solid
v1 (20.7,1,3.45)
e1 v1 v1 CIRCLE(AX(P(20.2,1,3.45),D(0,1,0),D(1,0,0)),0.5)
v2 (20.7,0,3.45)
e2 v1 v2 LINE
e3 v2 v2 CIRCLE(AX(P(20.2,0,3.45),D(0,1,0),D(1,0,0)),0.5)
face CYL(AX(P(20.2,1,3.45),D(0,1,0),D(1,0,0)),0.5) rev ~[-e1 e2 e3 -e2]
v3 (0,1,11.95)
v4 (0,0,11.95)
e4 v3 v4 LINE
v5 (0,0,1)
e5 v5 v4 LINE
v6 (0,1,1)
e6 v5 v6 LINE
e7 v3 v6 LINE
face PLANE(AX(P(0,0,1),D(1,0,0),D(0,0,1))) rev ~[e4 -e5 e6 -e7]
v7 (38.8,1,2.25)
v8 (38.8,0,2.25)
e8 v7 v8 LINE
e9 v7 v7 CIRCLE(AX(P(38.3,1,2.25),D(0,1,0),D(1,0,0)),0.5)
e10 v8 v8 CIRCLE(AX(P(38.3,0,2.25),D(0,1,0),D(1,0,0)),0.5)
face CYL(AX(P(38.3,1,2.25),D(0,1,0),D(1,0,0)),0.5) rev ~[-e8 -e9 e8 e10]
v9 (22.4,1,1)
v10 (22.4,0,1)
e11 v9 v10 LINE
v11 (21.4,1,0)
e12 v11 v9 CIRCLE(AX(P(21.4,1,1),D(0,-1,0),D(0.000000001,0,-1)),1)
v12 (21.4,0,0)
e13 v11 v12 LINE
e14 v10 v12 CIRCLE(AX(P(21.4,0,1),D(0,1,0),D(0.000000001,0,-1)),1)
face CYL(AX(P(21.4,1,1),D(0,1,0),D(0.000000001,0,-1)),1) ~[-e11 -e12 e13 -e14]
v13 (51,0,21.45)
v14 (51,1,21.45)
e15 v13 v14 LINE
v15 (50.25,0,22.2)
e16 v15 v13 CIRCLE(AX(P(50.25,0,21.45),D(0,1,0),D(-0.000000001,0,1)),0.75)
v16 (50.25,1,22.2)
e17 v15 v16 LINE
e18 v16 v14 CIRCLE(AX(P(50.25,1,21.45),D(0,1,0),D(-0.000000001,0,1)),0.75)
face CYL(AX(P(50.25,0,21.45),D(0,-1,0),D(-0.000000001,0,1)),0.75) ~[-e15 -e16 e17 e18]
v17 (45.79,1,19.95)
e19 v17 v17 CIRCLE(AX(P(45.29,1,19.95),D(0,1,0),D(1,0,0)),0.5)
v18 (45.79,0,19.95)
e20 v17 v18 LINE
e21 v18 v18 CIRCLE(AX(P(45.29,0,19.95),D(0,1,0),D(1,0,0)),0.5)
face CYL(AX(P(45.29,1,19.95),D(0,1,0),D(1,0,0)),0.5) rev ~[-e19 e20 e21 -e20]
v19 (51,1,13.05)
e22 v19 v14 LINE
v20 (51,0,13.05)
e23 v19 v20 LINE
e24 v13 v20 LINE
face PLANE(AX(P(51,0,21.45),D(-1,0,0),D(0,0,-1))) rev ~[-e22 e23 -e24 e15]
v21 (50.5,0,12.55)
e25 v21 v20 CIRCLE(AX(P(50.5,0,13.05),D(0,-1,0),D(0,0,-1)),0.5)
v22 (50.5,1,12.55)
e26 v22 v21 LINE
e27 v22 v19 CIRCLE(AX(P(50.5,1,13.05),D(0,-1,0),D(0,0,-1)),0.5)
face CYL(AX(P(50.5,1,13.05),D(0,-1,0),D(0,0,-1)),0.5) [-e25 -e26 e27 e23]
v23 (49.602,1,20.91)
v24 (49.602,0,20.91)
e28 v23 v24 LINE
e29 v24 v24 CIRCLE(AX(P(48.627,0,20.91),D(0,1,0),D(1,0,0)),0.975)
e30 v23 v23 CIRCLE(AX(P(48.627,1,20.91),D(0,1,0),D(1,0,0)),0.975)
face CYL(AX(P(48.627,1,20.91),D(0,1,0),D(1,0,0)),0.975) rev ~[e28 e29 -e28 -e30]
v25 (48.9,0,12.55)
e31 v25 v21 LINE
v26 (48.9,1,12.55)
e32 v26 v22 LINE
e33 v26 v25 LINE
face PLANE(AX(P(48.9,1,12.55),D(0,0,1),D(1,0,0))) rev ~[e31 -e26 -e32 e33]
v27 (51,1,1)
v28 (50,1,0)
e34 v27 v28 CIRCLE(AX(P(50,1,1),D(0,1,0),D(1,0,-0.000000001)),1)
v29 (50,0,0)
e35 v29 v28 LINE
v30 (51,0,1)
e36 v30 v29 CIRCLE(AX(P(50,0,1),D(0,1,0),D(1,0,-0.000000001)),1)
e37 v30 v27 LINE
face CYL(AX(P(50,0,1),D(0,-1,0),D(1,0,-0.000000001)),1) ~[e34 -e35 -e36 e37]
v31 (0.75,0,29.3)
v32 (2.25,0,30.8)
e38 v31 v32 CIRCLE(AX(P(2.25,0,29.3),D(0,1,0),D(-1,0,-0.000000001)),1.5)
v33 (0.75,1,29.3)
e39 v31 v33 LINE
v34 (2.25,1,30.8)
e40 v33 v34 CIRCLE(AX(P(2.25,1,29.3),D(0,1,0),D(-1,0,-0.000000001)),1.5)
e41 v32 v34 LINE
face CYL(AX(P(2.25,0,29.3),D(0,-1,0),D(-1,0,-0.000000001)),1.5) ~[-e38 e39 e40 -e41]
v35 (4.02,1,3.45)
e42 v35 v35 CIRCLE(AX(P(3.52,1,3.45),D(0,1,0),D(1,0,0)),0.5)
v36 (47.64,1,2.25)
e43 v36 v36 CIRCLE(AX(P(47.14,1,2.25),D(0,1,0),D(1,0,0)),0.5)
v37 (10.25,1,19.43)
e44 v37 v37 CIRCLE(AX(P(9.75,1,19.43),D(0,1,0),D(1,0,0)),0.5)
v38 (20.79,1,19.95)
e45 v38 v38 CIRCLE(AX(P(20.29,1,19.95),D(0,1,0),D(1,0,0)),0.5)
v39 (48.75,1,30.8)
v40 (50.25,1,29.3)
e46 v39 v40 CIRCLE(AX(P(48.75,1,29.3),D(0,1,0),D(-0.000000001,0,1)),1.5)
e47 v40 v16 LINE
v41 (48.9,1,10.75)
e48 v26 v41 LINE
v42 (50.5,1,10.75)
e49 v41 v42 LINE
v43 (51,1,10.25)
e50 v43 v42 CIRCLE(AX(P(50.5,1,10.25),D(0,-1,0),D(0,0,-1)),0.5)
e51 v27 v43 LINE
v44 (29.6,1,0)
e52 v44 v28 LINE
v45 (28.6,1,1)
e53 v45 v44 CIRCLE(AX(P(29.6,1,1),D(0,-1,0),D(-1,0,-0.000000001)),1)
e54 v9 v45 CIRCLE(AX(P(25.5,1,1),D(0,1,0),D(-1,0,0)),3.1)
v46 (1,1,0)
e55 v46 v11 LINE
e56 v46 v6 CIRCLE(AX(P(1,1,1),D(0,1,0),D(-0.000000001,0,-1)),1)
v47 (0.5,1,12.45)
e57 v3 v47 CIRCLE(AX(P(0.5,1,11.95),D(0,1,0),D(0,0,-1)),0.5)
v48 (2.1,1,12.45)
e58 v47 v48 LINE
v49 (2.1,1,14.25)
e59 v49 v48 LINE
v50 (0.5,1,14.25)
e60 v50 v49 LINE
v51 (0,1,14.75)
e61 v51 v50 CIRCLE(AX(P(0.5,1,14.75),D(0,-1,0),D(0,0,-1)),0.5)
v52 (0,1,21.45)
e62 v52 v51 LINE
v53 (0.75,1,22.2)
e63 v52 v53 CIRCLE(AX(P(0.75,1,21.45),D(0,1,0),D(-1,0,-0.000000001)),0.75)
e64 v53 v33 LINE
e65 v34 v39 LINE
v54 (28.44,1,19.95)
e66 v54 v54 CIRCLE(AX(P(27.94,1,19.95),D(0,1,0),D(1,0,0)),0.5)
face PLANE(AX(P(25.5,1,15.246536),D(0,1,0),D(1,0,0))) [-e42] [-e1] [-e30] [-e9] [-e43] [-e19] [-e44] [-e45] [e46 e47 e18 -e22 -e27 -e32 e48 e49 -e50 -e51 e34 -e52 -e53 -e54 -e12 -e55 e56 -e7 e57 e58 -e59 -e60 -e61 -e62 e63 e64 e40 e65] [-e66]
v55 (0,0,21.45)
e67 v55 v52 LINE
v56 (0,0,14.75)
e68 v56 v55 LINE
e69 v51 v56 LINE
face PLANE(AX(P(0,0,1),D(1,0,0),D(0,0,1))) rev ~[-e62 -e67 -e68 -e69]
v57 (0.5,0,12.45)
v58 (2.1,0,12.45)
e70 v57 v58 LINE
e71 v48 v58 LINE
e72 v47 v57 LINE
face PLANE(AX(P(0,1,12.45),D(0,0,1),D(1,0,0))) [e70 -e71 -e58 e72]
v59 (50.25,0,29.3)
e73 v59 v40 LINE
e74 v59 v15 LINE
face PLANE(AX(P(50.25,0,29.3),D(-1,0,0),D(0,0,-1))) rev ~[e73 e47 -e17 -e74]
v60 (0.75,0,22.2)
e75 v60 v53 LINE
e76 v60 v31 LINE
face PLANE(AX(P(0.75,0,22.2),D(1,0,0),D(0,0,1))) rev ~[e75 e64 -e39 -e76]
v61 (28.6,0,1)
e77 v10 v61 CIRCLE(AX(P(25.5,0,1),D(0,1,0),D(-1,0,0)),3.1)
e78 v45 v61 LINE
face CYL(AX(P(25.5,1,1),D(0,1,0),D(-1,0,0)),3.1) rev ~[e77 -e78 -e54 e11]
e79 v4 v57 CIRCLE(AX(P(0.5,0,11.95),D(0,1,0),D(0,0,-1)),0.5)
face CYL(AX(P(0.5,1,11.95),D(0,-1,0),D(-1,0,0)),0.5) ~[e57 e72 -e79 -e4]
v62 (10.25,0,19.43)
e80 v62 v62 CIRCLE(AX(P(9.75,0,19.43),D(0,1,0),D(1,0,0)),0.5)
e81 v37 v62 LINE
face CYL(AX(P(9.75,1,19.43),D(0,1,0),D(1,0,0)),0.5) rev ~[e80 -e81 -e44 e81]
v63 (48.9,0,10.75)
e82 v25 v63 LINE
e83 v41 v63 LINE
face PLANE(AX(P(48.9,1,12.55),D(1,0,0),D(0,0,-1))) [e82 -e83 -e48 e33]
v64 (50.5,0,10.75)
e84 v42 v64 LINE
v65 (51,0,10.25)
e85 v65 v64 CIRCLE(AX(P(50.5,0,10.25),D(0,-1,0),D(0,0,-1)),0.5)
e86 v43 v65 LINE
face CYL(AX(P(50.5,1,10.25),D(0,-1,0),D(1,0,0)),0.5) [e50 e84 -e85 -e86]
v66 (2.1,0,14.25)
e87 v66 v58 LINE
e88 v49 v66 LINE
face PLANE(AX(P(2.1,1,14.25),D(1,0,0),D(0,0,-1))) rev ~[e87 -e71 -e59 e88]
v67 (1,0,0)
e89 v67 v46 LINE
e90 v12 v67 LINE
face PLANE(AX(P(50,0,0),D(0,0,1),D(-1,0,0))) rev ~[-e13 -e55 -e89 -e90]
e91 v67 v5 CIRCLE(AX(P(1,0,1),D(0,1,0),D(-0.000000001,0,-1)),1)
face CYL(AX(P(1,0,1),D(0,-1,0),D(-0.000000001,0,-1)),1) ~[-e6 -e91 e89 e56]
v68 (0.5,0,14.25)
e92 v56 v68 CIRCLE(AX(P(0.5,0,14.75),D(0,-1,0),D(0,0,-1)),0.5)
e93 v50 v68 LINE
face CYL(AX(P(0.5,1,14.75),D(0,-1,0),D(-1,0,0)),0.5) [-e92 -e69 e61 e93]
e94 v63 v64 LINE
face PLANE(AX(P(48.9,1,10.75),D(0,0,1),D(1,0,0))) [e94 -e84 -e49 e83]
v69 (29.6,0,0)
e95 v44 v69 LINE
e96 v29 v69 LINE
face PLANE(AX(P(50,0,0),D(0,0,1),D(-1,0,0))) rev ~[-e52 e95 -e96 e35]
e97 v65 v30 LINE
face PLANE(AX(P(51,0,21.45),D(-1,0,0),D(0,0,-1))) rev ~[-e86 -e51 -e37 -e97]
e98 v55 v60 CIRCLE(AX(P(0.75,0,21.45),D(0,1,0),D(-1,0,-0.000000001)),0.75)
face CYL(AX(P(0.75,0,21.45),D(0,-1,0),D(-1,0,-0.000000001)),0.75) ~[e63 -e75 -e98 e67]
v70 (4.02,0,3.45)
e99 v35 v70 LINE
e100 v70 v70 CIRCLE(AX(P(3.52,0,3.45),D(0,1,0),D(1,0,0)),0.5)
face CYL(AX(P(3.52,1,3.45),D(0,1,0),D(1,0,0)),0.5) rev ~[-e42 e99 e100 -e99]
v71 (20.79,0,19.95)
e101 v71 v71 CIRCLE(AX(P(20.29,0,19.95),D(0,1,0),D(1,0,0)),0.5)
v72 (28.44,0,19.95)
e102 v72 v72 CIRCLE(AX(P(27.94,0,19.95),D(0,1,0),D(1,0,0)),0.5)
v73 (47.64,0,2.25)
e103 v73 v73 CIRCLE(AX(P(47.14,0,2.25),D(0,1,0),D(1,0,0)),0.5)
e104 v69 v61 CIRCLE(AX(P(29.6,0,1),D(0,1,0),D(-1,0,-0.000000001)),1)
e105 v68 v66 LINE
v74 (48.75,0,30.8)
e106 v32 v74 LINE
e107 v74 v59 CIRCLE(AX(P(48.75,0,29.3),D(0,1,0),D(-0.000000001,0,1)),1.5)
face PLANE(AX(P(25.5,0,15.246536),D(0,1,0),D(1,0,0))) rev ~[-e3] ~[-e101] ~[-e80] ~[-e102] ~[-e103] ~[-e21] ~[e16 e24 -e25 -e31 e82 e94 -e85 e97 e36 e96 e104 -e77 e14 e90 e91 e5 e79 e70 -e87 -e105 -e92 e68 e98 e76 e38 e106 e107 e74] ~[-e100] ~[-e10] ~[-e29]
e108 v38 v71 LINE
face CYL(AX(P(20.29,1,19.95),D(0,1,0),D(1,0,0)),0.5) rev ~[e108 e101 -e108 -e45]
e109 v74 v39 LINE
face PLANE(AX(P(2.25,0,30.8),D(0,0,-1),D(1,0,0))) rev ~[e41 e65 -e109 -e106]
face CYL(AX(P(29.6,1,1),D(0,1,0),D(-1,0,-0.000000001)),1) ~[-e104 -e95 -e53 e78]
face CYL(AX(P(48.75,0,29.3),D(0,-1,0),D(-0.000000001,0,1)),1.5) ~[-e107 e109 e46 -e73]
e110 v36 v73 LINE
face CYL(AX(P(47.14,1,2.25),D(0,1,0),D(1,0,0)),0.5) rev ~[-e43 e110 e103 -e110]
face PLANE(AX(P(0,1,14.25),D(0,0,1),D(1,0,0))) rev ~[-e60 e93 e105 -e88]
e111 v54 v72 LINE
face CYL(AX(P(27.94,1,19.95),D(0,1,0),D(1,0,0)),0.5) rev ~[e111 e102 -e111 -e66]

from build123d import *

# Parameters (mm, degrees)
BOSS_EXTRUDE1_DEPTH     = 1
SKETCH2_W               = 2.1
SKETCH2_H               = 1.8
CUT_EXTRUDE1_DEPTH      = 1
CUT_EXTRUDE1_DEPTH_BACK = 2
FILLET1_R               = 0.5
SKETCH3_R               = 0.5
SKETCH3_R_2             = 0.975
CUT_EXTRUDE2_DEPTH      = 1
CUT_EXTRUDE2_DEPTH_BACK = 2


with BuildPart() as part:
    # Sketch1 → Boss-Extrude1 (new body)
    with BuildSketch(Plane(origin=(0, 0, 0), x_dir=(1, 0, 0), z_dir=(0, 1, 0))):
        with BuildLine():
            Line((0, -1), (0, -21.45))
            ThreePointArc((0, -21.45), (0.219669914, -21.980330086), (0.75, -22.2))
            Line((0.75, -22.2), (0.75, -29.3))
            ThreePointArc((0.75, -29.3), (1.189339828, -30.360660172), (2.25, -30.8))
            Line((2.25, -30.8), (48.75, -30.8))
            ThreePointArc((48.75, -30.8), (49.810660172, -30.360660172), (50.25, -29.3))
            Line((50.25, -29.3), (50.25, -22.2))
            ThreePointArc((50.25, -22.2), (50.780330086, -21.980330086), (51, -21.45))
            Line((51, -21.45), (51, -1))
            ThreePointArc((51, -1), (50.707106781, -0.292893219), (50, 0))
            Line((50, 0), (1, 0))
            ThreePointArc((1, 0), (0.292893219, -0.292893219), (0, -1))
        make_face()
    extrude(amount=BOSS_EXTRUDE1_DEPTH)

    # Sketch2 → Cut-Extrude1 (cut, two sides)
    with BuildSketch(Plane(origin=(0, 1, 0), x_dir=(1, 0, 0), z_dir=(0, 1, 0))) as cut_extrude1_sk:
        with Locations((1.05, -13.35)):
            Rectangle(SKETCH2_W, SKETCH2_H)
        with BuildLine():
            Line((29.6, 0), (21.4, 0))
            ThreePointArc((21.4, 0), (22.107106781, -0.292893219), (22.4, -1))
            ThreePointArc((22.4, -1), (25.5, -4.1), (28.6, -1))
            ThreePointArc((28.6, -1), (28.892893219, -0.292893219), (29.6, 0))
        make_face()
        with Locations((49.95, -11.65)):
            Rectangle(SKETCH2_W, SKETCH2_H)
    extrude(amount=CUT_EXTRUDE1_DEPTH, mode=Mode.SUBTRACT)
    extrude(cut_extrude1_sk.sketch, amount=-CUT_EXTRUDE1_DEPTH_BACK, mode=Mode.SUBTRACT)

    # Fillet1
    fillet1_edges = [part.edges().sort_by_distance(p)[0] for p in [
        (0, 0.5, 14.25),
        (0, 0.5, 12.45),
        (51, 0.5, 10.75),
        (51, 0.5, 12.55),
    ]]
    fillet(fillet1_edges, radius=FILLET1_R)

    # Sketch3 → Cut-Extrude2 (cut, two sides)
    with BuildSketch(Plane(origin=(0, 1, 0), x_dir=(1, 0, 0), z_dir=(0, 1, 0))) as cut_extrude2_sk:
        with Locations((3.52, -3.45)):
            Circle(SKETCH3_R)
        with Locations((20.2, -3.45)):
            Circle(SKETCH3_R)
        with Locations((38.3, -2.25)):
            Circle(SKETCH3_R)
        with Locations((47.14, -2.25)):
            Circle(SKETCH3_R)
        with Locations((48.627, -20.91)):
            Circle(SKETCH3_R_2)
        with Locations((45.29, -19.95)):
            Circle(SKETCH3_R)
        with Locations((27.94, -19.95)):
            Circle(SKETCH3_R)
        with Locations((20.29, -19.95)):
            Circle(SKETCH3_R)
        with Locations((9.75, -19.43)):
            Circle(SKETCH3_R)
    extrude(amount=CUT_EXTRUDE2_DEPTH, mode=Mode.SUBTRACT)
    extrude(cut_extrude2_sk.sketch, amount=-CUT_EXTRUDE2_DEPTH_BACK, mode=Mode.SUBTRACT)


solid = part.part
